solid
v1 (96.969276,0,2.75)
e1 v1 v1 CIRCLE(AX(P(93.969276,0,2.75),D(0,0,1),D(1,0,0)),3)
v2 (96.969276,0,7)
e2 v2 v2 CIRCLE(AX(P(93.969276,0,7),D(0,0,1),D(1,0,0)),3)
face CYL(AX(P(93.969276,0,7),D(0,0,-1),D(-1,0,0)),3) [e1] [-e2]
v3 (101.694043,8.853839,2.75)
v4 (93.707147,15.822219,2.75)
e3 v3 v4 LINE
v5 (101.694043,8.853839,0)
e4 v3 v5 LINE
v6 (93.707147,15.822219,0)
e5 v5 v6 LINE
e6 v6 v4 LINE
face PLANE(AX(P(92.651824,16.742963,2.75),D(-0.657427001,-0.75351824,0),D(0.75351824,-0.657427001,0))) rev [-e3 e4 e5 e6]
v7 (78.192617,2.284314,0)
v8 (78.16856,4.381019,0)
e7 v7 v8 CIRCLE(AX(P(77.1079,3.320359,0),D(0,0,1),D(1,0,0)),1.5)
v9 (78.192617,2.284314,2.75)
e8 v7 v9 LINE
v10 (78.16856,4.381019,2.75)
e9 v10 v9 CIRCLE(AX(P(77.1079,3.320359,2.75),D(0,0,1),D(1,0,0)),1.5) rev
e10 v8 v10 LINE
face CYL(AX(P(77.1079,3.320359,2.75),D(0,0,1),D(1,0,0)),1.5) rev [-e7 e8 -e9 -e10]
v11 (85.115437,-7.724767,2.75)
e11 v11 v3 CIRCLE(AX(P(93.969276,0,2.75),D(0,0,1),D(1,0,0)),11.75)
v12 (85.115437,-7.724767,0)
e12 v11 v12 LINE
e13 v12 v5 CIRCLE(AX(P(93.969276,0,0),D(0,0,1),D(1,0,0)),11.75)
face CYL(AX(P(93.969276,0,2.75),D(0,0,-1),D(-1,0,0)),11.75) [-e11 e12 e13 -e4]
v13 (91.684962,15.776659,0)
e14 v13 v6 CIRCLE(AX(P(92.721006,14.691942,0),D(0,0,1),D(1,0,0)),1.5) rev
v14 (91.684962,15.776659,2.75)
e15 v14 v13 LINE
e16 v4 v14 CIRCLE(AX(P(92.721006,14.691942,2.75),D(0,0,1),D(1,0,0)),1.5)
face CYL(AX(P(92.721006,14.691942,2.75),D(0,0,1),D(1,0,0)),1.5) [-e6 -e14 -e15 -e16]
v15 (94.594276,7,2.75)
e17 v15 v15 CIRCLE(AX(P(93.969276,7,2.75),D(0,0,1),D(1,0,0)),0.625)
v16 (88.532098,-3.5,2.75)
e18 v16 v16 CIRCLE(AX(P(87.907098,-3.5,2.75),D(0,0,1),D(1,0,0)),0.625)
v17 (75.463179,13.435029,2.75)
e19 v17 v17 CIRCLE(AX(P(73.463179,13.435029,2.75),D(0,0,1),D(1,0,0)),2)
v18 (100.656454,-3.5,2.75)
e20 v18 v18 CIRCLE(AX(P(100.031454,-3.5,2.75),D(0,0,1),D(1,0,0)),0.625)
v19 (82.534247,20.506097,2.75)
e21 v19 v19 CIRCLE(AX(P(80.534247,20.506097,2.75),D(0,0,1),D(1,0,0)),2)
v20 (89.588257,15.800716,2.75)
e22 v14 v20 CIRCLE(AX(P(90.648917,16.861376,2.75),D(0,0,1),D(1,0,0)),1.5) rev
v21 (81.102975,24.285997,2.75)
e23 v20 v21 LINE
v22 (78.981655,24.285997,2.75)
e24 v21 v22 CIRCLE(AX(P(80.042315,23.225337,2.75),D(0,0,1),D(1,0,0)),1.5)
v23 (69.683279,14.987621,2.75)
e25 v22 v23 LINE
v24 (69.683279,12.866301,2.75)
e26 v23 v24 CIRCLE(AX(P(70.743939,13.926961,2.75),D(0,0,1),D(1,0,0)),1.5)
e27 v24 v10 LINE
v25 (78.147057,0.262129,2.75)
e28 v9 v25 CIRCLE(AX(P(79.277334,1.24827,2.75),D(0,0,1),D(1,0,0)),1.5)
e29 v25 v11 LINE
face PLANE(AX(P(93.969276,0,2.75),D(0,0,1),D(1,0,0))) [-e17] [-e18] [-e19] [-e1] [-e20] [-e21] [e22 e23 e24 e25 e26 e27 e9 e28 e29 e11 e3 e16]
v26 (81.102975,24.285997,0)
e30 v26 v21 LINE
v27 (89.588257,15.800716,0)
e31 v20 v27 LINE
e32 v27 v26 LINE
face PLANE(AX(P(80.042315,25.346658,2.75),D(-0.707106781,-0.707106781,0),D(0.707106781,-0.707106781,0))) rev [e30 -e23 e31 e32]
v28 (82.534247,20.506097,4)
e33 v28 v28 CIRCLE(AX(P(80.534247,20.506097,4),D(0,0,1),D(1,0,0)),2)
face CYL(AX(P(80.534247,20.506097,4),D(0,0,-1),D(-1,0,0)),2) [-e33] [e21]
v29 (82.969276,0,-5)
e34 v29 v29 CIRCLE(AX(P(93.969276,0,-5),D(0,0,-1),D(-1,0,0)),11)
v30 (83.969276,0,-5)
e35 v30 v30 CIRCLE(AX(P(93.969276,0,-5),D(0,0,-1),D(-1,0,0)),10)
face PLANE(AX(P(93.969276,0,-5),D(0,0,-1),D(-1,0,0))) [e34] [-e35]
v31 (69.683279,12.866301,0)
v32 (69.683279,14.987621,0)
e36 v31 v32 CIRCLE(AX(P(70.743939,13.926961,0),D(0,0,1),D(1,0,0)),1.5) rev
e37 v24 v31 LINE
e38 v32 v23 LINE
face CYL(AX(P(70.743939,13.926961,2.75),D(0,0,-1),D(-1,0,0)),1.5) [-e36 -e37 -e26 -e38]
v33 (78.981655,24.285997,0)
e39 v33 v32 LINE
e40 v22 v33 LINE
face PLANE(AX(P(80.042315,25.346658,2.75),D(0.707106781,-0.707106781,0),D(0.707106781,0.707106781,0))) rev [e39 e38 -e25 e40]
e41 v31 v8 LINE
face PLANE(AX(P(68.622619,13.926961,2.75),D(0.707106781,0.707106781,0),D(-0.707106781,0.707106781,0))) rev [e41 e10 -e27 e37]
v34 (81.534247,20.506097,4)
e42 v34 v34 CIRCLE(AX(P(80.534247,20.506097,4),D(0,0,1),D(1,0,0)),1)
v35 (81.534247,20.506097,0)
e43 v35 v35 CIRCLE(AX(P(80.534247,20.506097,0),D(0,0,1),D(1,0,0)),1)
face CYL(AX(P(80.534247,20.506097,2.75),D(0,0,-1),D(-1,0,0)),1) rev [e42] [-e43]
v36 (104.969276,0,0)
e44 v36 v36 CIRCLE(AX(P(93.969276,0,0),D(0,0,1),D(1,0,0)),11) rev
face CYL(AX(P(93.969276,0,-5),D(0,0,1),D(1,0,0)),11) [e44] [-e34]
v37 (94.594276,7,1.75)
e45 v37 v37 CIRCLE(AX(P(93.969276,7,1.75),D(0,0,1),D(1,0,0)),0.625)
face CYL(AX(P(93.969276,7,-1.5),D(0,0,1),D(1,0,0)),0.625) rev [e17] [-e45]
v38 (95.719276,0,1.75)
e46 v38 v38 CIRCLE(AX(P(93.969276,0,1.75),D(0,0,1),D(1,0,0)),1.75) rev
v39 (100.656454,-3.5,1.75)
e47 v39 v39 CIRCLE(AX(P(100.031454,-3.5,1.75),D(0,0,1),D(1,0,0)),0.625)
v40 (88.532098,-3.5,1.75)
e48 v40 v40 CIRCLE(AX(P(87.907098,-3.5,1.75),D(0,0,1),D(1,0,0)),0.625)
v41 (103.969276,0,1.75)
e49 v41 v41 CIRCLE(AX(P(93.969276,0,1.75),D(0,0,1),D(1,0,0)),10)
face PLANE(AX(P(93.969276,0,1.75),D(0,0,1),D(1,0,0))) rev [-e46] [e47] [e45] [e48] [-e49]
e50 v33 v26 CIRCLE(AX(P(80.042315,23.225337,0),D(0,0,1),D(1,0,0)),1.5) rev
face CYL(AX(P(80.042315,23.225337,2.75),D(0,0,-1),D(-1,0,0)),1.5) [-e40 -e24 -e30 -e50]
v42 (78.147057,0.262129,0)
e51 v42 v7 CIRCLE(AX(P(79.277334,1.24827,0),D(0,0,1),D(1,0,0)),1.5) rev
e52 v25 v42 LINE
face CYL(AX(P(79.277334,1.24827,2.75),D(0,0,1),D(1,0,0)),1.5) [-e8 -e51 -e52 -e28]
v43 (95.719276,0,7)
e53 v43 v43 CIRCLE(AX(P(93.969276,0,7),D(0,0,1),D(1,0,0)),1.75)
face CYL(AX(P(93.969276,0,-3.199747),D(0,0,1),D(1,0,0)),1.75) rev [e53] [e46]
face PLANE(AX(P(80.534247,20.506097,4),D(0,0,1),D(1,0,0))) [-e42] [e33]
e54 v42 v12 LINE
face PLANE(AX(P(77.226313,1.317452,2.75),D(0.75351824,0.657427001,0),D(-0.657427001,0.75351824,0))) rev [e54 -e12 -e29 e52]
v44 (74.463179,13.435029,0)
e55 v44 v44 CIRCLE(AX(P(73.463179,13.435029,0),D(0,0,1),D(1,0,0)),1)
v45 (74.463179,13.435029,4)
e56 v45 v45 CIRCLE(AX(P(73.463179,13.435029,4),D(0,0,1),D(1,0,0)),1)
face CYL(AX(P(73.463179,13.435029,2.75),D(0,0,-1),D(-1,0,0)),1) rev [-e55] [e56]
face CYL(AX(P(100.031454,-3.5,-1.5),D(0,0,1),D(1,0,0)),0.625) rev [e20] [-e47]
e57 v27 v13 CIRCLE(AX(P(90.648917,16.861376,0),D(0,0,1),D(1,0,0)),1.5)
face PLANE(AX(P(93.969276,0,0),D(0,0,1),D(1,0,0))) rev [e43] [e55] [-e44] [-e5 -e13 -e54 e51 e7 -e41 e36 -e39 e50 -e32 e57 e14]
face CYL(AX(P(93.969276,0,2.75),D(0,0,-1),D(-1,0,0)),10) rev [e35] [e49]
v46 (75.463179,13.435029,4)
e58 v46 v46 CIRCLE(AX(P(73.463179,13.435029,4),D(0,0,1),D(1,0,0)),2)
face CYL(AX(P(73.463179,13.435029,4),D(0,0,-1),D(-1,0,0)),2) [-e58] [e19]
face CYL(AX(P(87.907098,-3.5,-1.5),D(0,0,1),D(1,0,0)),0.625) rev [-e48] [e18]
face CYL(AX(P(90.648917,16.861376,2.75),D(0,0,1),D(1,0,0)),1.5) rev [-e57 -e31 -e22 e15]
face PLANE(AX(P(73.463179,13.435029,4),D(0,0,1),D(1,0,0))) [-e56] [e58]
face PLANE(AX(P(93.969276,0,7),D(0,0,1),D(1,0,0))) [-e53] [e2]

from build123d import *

# Parameters (mm, degrees)
SKETCH5_R           = 10
SKETCH5_R_2         = 1
BOSS_EXTRUDE1_DEPTH = 2.75
BOSS_EXTRUDE2_START = -1
SKETCH6_R           = 10
BOSS_EXTRUDE2_DEPTH = 1
BOSS_EXTRUDE3_START = 5
SKETCH7_R           = 11
SKETCH7_R_2         = 10
BOSS_EXTRUDE3_DEPTH = 5
FILLET3_R           = 1.5
FILLET4_R           = 1.5
SKETCH8_R           = 2
SKETCH8_R_2         = 1
BOSS_EXTRUDE4_DEPTH = 1.25
SKETCH10_R          = 1.75
CUT_EXTRUDE1_DEPTH  = 1
BOSS_EXTRUDE5_START = 4.25
SKETCH11_R          = 3
SKETCH11_R_2        = 1.75
BOSS_EXTRUDE5_DEPTH = 4.25
SKETCH12_R          = 0.625
CUT_EXTRUDE2_DEPTH  = 4.25


with BuildPart() as part:
    # Sketch5 → Boss-Extrude1 (new body)
    with BuildSketch(Plane.XY):
        with BuildLine():
            Line((80.042315229, 25.346657551), (68.62261852, 13.926960842))
            Line((68.62261852, 13.926960842), (79.229220238, 3.320359124))
            Line((79.229220238, 3.320359124), (77.226312736, 1.317451622))
            Line((77.226312736, 1.317451622), (85.115436747, -7.724767261))
            ThreePointArc((85.115436747, -7.724767261), (102.277780749, -8.308504679), (101.694043331, 8.853839323))
            Line((101.694043331, 8.853839323), (92.651824448, 16.742963335))
            Line((92.651824448, 16.742963335), (90.648916946, 14.740055833))
            Line((90.648916946, 14.740055833), (80.042315229, 25.346657551))
        make_face()
        with Locations((93.96927607, 0)):
            Circle(SKETCH5_R, mode=Mode.SUBTRACT)
        with Locations((80.534247228, 20.506096654)):
            Circle(SKETCH5_R_2, mode=Mode.SUBTRACT)
        with Locations((73.463179416, 13.435028843)):
            Circle(SKETCH5_R_2, mode=Mode.SUBTRACT)
    extrude(amount=BOSS_EXTRUDE1_DEPTH)

    # Sketch6 → Boss-Extrude2 (add)
    with BuildSketch(Plane.XY.offset(2.75).offset(BOSS_EXTRUDE2_START)):
        with Locations((93.96927607, 0)):
            Circle(SKETCH6_R)
    extrude(amount=BOSS_EXTRUDE2_DEPTH)

    # Sketch7 → Boss-Extrude3 (add)
    with BuildSketch(Plane(origin=(0, 0, 0), x_dir=(-1, 0, 0), z_dir=(0, 0, -1)).offset(BOSS_EXTRUDE3_START)):
        with Locations(Location((-93.96927607, 0, 0), (0, 0, 180))):
            Circle(SKETCH7_R)
        with Locations((-93.96927607, 0)):
            Circle(SKETCH7_R_2, mode=Mode.SUBTRACT)
    extrude(amount=-BOSS_EXTRUDE3_DEPTH)

    # Fillet3
    fillet3_edges = [part.edges().sort_by_distance(p)[0] for p in [
        (68.62261852, 13.926960842, 1.375),
        (80.042315229, 25.346657551, 1.375),
        (90.648916946, 14.740055833, 1.375),
        (79.229220238, 3.320359124, 1.375),
    ]]
    fillet(fillet3_edges, radius=FILLET3_R)

    # Fillet4
    fillet4_edges = [part.edges().sort_by_distance(p)[0] for p in [
        (77.226312736, 1.317451622, 1.375),
        (92.651824448, 16.742963335, 1.375),
    ]]
    fillet(fillet4_edges, radius=FILLET4_R)

    # Sketch8 → Boss-Extrude4 (add)
    # profile 1 of 2: a face of its own
    with BuildSketch(Plane.XY.offset(2.75)):
        with Locations((73.463179416, 13.435028843)):
            Circle(SKETCH8_R)
        with Locations((73.463179416, 13.435028843)):
            Circle(SKETCH8_R_2, mode=Mode.SUBTRACT)
    # profile 2 of 2: a face of its own
    with BuildSketch(Plane.XY.offset(2.75)):
        with Locations((80.534247228, 20.506096654)):
            Circle(SKETCH8_R)
        with Locations((80.534247228, 20.506096654)):
            Circle(SKETCH8_R_2, mode=Mode.SUBTRACT)
    extrude(amount=BOSS_EXTRUDE4_DEPTH)

    # Sketch10 → Cut-Extrude1 (cut)
    with BuildSketch(Plane.XY.offset(2.75)):
        with Locations((93.96927607, 0)):
            Circle(SKETCH10_R)
    extrude(amount=-CUT_EXTRUDE1_DEPTH, mode=Mode.SUBTRACT)

    # Sketch11 → Boss-Extrude5 (add)
    with BuildSketch(Plane.XY.offset(2.75).offset(BOSS_EXTRUDE5_START)):
        with Locations((93.96927607, 0)):
            Circle(SKETCH11_R)
        with Locations((93.96927607, 0)):
            Circle(SKETCH11_R_2, mode=Mode.SUBTRACT)
    extrude(amount=-BOSS_EXTRUDE5_DEPTH)

    # Sketch12 → Cut-Extrude2 (cut)
    with BuildSketch(Plane.XY.offset(2.75)):
        with Locations((93.96927607, 7)):
            Circle(SKETCH12_R)
        with Locations((100.031453897, -3.5)):
            Circle(SKETCH12_R)
        with Locations((87.907098244, -3.5)):
            Circle(SKETCH12_R)
    extrude(amount=-CUT_EXTRUDE2_DEPTH, mode=Mode.SUBTRACT)


solid = part.part
